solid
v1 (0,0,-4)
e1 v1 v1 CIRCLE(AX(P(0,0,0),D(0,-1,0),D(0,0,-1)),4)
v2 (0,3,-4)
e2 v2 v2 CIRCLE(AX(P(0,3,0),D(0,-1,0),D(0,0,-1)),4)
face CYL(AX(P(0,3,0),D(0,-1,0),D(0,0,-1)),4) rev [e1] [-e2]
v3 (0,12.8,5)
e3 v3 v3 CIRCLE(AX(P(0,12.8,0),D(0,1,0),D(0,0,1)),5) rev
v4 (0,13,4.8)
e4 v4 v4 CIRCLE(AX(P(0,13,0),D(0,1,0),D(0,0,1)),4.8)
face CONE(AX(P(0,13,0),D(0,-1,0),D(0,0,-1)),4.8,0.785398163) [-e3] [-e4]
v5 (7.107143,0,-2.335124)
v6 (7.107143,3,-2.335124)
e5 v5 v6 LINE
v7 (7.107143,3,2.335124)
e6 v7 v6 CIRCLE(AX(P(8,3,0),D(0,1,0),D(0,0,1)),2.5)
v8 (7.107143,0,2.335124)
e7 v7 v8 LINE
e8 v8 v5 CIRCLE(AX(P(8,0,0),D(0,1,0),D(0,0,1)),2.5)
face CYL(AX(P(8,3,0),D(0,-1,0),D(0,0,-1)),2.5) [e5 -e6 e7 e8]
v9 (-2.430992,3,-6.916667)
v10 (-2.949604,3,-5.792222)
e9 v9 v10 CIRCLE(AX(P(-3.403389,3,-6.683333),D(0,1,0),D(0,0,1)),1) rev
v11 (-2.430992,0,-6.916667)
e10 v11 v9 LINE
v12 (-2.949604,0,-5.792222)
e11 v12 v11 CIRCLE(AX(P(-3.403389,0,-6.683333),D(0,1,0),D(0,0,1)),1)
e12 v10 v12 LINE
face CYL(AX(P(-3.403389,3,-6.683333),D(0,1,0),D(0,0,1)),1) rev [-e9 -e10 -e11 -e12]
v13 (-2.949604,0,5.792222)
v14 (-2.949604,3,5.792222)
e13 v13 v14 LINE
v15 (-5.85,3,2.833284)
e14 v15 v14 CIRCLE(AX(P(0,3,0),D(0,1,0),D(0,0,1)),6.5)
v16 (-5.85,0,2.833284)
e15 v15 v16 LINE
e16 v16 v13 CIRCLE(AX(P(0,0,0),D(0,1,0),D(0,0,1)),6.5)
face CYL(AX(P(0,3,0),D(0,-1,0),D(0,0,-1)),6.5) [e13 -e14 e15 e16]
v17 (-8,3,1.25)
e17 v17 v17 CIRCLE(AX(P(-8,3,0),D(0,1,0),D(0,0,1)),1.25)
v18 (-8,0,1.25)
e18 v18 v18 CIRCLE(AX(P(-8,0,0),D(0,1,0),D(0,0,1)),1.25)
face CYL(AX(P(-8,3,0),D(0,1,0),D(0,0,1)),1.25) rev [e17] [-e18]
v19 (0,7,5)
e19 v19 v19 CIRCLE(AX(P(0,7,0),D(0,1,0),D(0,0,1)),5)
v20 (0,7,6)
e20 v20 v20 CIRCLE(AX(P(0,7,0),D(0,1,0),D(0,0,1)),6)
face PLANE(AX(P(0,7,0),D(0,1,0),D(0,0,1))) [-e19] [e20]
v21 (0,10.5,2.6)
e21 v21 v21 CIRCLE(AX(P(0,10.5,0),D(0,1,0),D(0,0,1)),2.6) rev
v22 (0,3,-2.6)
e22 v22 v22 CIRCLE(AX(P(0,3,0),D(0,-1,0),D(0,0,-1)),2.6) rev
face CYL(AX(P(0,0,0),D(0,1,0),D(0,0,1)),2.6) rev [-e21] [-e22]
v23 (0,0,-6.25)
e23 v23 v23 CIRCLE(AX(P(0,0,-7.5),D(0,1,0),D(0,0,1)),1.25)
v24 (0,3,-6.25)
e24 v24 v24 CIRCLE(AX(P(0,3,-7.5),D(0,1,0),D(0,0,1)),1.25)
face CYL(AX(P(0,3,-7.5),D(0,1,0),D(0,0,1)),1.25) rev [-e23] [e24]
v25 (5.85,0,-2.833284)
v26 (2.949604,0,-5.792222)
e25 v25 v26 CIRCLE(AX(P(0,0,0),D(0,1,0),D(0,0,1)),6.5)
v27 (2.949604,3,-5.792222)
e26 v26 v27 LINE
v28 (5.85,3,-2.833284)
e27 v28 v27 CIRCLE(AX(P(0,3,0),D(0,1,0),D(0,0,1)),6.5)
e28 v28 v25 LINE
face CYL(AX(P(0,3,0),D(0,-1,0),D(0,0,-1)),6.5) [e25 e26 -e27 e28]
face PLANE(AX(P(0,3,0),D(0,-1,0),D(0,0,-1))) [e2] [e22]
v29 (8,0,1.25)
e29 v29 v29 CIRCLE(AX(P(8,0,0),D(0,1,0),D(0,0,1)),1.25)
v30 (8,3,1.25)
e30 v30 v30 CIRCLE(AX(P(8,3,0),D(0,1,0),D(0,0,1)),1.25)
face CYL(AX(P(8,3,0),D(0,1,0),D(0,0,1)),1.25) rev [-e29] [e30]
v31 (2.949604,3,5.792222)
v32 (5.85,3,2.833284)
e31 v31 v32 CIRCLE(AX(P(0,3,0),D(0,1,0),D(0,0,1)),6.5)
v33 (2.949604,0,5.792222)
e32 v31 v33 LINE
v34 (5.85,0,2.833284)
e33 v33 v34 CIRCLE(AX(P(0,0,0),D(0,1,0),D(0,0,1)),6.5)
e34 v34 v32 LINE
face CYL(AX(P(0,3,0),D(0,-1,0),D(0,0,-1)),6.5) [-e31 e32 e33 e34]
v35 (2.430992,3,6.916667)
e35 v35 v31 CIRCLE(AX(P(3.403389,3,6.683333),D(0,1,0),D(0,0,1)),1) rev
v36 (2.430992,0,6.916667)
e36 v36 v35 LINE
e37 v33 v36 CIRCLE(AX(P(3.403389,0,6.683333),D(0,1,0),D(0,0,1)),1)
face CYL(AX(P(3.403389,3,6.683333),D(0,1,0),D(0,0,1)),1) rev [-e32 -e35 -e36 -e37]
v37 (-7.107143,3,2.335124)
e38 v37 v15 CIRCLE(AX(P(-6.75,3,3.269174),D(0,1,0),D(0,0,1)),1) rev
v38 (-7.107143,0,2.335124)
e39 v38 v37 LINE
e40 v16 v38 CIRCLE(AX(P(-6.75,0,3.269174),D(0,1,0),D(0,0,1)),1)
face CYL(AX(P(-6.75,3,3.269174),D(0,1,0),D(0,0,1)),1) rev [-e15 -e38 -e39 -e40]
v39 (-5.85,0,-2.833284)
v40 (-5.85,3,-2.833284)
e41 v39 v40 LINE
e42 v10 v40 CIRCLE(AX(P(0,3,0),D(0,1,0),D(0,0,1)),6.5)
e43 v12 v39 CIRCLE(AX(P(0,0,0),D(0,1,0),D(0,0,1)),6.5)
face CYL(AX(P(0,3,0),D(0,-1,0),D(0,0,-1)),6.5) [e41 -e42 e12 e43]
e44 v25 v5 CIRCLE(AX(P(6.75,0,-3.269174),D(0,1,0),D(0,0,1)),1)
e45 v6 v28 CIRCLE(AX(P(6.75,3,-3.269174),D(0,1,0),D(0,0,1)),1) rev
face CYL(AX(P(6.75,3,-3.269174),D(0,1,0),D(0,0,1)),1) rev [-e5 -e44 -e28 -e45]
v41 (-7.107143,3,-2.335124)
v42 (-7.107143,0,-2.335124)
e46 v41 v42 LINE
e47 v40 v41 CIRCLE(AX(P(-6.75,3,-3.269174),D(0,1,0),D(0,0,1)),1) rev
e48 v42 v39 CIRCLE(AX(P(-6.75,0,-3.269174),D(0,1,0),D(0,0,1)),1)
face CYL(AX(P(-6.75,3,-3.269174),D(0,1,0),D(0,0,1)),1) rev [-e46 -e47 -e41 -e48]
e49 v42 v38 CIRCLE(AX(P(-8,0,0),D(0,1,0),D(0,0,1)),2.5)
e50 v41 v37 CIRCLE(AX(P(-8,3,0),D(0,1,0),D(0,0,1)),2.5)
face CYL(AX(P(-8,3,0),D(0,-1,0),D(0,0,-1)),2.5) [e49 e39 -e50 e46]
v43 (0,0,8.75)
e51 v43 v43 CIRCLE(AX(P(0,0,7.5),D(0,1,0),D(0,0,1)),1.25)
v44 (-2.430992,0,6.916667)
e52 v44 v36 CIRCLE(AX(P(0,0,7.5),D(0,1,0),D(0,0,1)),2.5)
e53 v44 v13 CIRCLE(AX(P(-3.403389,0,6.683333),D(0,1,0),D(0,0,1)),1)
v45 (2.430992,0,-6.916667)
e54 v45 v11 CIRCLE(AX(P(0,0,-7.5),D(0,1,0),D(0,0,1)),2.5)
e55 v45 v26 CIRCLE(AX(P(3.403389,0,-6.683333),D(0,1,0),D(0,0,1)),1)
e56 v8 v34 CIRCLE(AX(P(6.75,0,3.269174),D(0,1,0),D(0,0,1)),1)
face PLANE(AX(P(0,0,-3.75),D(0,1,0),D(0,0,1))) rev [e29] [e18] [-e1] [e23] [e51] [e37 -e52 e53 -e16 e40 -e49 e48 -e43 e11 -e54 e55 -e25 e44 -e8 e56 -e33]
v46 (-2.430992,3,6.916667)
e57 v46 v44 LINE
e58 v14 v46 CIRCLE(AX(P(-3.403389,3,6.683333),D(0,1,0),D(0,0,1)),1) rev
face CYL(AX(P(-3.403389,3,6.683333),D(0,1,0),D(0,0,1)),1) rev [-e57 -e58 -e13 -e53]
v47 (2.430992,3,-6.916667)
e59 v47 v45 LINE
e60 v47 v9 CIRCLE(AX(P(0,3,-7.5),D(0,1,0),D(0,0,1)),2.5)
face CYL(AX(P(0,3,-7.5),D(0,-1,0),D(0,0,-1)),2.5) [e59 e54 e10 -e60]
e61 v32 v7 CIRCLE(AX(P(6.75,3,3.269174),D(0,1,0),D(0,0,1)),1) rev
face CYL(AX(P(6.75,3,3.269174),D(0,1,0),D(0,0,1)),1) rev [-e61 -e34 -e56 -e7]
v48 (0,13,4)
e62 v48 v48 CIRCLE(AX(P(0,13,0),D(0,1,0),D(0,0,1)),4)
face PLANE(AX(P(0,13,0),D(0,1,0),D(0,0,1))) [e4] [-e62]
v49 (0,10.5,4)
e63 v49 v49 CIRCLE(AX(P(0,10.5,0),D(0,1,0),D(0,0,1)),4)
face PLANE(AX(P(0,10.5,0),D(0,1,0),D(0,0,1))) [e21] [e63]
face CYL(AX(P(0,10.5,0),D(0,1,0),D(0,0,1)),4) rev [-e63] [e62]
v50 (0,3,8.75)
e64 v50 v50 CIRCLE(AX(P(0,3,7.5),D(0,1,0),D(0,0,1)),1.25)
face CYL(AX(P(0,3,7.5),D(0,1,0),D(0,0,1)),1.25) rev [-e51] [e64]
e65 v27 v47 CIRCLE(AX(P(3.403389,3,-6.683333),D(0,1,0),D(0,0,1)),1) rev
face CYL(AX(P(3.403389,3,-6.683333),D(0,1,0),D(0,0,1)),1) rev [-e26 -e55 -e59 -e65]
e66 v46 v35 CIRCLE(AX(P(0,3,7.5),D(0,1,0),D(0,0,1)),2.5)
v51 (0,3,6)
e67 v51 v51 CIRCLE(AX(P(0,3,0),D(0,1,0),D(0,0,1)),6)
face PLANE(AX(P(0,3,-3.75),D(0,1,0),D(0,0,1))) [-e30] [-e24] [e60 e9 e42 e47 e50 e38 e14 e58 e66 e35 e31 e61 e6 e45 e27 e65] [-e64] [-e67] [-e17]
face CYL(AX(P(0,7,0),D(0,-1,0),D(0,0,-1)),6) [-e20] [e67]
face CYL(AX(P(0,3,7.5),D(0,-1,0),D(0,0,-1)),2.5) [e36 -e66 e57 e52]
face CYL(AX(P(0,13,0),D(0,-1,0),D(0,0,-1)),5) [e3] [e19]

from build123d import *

# Parameters (mm, degrees)
BOSS_EXTRUDE1_DEPTH   = 3
SKETCH2_R             = 6
BOSS_EXTRUDE2_DEPTH   = 4
SKETCH3_R             = 5
BOSS_EXTRUDE3_DEPTH   = 6
SKETCH4_R             = 2.6
CUT_EXTRUDE1_DEPTH    = 20.474342094
SKETCH5_R             = 4
CUT_EXTRUDE2_DEPTH    = 2.5
CUT_EXTRUDE3_START    = -3
SKETCH6_R             = 4
CUT_EXTRUDE3_DEPTH    = 3
M3X0_5_TAPPED_HOLE1_D = 2.5
CHAMFER1_SIZE         = 0.2
FILLET1_R             = 1


with BuildPart() as part:
    # Sketch1 → Boss-Extrude1 (new body)
    with BuildSketch(Plane(origin=(0, 0, 0), x_dir=(1, 0, 0), z_dir=(0, 1, 0))):
        with BuildLine():
            ThreePointArc((-2.104162541, 6.15), (-4.71280541, 4.47654612), (-6.25, 1.785357107))
            ThreePointArc((-6.25, 1.785357107), (-10.5, 0), (-6.25, -1.785357107))
            ThreePointArc((-6.25, -1.785357107), (-4.71280541, -4.47654612), (-2.104162541, -6.15))
            ThreePointArc((-2.104162541, -6.15), (0, -10), (2.104162541, -6.15))
            ThreePointArc((2.104162541, -6.15), (4.71280541, -4.47654612), (6.25, -1.785357107))
            ThreePointArc((6.25, -1.785357107), (10.5, 0), (6.25, 1.785357107))
            ThreePointArc((6.25, 1.785357107), (4.71280541, 4.47654612), (2.104162541, 6.15))
            ThreePointArc((2.104162541, 6.15), (0, 10), (-2.104162541, 6.15))
        make_face()
    extrude(amount=BOSS_EXTRUDE1_DEPTH)

    # Sketch2 → Boss-Extrude2 (add)
    with BuildSketch(Plane(origin=(0, 3, 0), x_dir=(1, 0, 0), z_dir=(0, 1, 0))):
        with Locations(Location((0, 0, 0), (0, 0, 270))):
            Circle(SKETCH2_R)
    extrude(amount=BOSS_EXTRUDE2_DEPTH)

    # Sketch3 → Boss-Extrude3 (add)
    with BuildSketch(Plane(origin=(0, 7, 0), x_dir=(1, 0, 0), z_dir=(0, 1, 0))):
        with Locations(Location((0, 0, 0), (0, 0, 270))):
            Circle(SKETCH3_R)
    extrude(amount=BOSS_EXTRUDE3_DEPTH)

    # Sketch4 → Cut-Extrude1 (cut, through all)
    with BuildSketch(Plane(origin=(0, 13, 0), x_dir=(1, 0, 0), z_dir=(0, 1, 0))):
        with Locations(Location((0, 0, 0), (0, 0, 270))):
            Circle(SKETCH4_R)
    extrude(amount=-CUT_EXTRUDE1_DEPTH, mode=Mode.SUBTRACT)

    # Sketch5 → Cut-Extrude2 (cut)
    with BuildSketch(Plane(origin=(0, 13, 0), x_dir=(1, 0, 0), z_dir=(0, 1, 0))):
        with Locations(Location((0, 0, 0), (0, 0, 270))):
            Circle(SKETCH5_R)
    extrude(amount=-CUT_EXTRUDE2_DEPTH, mode=Mode.SUBTRACT)

    # Sketch6 → Cut-Extrude3 (cut)
    with BuildSketch(Plane.XZ.offset(CUT_EXTRUDE3_START)):
        with Locations(Location((0, 0, 0), (0, 0, 90))):
            Circle(SKETCH6_R)
    extrude(amount=CUT_EXTRUDE3_DEPTH, mode=Mode.SUBTRACT)

    # M3x0.5 Tapped Hole1 (through all)
    with Locations(Plane(origin=(0, 3, 0), x_dir=(1, 0, 0), z_dir=(0, 1, 0))):
        with Locations((0, 7.5), (8, 0), (0, -7.5), (-8, 0)):
            Hole(M3X0_5_TAPPED_HOLE1_D / 2)

    # Chamfer1
    chamfer1_edges = [part.edges().sort_by_distance(p)[0] for p in [
        (0, 13, -5),
    ]]
    chamfer(chamfer1_edges, length=CHAMFER1_SIZE)

    # Fillet1
    fillet1_edges = [part.edges().sort_by_distance(p)[0] for p in [
        (6.25, 1.5, -1.785357107),
        (6.25, 1.5, 1.785357107),
        (2.104162541, 1.5, 6.15),
        (-2.104162541, 1.5, 6.15),
        (-6.25, 1.5, 1.785357107),
        (-6.25, 1.5, -1.785357107),
        (-2.104162541, 1.5, -6.15),
        (2.104162541, 1.5, -6.15),
    ]]
    fillet(fillet1_edges, radius=FILLET1_R)


solid = part.part
